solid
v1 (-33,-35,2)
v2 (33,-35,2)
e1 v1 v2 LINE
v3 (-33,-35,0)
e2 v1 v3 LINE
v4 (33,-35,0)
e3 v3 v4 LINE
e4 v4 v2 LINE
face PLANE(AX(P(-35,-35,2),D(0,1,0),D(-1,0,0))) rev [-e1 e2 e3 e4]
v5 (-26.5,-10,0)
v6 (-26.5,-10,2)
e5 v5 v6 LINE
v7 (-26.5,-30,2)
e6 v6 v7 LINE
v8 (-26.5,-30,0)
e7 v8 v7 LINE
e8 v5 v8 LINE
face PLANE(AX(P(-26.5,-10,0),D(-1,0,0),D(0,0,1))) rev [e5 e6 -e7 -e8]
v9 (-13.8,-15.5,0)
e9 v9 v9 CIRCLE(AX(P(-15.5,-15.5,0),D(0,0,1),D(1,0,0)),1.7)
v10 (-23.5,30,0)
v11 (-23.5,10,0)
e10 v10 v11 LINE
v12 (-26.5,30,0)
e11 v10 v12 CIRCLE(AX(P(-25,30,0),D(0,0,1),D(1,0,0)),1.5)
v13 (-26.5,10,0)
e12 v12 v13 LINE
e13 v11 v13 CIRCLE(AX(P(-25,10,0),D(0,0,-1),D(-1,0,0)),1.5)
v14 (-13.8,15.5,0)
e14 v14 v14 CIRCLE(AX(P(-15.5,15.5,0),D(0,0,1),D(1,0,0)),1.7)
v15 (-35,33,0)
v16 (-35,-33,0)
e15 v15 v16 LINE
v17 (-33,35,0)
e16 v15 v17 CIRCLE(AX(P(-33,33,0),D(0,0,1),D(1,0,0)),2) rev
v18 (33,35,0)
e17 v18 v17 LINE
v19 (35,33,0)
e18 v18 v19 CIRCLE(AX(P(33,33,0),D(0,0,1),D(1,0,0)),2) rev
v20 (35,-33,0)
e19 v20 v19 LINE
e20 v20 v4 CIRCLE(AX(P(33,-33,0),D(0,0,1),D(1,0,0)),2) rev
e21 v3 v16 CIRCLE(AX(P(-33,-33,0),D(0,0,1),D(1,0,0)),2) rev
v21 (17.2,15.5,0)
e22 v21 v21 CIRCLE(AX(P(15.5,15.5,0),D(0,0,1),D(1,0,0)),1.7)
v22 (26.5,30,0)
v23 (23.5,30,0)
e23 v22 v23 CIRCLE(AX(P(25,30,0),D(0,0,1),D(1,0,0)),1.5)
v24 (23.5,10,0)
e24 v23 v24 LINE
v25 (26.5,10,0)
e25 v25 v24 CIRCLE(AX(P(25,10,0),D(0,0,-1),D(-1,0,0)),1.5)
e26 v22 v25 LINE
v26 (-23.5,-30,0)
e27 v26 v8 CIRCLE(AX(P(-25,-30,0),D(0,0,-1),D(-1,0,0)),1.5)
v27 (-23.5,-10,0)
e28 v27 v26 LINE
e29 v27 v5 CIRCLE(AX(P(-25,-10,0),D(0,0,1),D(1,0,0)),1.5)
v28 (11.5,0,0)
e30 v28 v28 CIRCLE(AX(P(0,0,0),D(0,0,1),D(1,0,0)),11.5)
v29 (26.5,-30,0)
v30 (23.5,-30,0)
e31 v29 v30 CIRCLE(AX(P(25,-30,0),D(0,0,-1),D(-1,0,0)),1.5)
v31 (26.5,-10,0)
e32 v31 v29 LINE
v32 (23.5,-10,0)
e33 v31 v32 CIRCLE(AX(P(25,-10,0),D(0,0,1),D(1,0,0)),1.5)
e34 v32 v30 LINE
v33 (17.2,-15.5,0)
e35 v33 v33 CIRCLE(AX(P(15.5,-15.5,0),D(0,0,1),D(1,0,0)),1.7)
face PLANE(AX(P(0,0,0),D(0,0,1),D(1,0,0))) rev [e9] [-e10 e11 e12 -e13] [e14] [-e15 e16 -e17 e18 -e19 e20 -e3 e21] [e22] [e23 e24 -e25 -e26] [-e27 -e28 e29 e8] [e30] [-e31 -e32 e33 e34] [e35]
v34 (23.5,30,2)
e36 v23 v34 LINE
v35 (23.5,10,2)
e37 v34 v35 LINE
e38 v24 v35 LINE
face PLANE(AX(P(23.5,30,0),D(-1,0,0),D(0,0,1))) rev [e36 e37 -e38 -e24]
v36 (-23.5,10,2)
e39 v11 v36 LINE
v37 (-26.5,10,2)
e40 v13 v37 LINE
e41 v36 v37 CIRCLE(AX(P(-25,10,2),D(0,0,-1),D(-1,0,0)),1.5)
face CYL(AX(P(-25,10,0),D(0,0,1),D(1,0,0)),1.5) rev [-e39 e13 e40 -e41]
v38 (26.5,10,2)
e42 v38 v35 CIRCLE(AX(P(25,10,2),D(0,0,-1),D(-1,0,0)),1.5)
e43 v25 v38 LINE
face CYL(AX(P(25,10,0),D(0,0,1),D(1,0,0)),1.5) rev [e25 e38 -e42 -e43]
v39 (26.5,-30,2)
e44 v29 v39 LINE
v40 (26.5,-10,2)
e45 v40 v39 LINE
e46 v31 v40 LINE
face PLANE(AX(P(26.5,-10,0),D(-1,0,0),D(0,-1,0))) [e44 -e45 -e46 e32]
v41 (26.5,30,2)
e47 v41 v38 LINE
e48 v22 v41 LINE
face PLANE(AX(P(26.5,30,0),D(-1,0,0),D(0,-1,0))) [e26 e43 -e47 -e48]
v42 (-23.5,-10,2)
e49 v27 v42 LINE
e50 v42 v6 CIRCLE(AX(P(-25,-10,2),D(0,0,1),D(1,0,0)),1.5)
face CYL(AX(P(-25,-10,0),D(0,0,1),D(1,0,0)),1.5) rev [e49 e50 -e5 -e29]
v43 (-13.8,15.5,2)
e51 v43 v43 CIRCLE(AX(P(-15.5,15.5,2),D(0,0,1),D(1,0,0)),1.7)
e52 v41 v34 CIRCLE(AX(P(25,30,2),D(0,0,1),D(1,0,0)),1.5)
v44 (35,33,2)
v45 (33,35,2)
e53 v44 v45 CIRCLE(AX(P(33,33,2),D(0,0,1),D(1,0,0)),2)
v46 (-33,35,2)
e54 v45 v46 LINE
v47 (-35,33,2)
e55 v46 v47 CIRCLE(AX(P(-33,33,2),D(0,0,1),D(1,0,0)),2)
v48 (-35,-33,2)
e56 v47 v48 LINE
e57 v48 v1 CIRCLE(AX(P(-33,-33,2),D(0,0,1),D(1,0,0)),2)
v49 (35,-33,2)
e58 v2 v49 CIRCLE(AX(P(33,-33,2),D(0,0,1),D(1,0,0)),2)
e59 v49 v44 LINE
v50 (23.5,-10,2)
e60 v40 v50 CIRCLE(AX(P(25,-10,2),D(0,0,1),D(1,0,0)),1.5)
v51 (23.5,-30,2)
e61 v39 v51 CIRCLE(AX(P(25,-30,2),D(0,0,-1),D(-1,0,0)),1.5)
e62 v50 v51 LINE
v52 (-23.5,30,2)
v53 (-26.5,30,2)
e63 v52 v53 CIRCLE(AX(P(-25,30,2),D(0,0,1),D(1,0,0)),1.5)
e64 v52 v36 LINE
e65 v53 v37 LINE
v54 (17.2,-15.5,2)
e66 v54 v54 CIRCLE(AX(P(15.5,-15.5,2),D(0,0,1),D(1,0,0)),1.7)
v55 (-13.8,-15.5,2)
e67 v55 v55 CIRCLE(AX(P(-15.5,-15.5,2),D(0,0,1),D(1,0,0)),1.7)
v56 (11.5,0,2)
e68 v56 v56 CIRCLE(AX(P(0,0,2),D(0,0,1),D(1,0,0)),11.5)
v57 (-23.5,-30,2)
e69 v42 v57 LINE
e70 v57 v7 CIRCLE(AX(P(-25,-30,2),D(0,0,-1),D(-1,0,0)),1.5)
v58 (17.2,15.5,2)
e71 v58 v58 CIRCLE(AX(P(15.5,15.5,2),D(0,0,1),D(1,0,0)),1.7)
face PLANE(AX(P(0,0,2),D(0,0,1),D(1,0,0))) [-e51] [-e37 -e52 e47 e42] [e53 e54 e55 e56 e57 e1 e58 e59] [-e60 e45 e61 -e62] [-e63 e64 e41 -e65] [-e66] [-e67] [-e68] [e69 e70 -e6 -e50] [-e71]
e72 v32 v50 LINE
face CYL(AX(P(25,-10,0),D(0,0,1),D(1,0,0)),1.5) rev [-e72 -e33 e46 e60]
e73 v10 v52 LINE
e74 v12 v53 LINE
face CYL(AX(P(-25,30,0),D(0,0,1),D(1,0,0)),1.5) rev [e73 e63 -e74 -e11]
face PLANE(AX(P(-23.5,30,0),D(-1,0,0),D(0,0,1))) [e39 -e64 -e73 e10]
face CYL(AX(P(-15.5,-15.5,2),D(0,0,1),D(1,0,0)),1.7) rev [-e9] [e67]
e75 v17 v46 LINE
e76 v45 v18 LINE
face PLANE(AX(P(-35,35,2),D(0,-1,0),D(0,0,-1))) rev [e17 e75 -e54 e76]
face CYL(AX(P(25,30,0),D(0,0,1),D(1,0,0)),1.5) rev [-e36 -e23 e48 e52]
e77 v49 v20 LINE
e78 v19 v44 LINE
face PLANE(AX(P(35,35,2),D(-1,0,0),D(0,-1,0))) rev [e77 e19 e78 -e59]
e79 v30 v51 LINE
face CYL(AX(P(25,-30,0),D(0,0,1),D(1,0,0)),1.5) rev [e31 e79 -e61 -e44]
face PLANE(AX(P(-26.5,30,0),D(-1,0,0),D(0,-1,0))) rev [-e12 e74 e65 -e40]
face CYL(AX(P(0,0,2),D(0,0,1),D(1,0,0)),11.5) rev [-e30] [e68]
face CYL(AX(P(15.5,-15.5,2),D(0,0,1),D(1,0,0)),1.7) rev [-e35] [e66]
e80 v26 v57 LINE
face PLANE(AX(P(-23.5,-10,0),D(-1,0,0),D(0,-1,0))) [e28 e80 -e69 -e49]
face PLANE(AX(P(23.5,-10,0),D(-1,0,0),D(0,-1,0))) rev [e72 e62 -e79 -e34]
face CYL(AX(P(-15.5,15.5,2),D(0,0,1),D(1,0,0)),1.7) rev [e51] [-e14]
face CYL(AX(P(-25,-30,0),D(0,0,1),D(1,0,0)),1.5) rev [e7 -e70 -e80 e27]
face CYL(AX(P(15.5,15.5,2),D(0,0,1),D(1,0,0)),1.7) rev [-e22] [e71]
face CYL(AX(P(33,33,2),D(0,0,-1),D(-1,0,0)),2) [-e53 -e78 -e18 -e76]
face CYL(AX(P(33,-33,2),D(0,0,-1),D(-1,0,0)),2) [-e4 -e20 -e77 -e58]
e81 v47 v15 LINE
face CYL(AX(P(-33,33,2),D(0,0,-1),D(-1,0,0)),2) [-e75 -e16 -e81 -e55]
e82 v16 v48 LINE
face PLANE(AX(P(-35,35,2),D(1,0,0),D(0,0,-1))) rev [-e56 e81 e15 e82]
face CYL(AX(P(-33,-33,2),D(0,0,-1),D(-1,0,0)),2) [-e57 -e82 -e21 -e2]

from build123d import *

# Parameters (mm, degrees)
SKIZZE1_W                        = 70
SKIZZE1_H                        = 70
AUFSATZ_LINEAR_AUSTRAGEN1_DEPTH  = 2
VERRUNDUNG2_R                    = 2
F_23_0_23_DURCHMESSER_BOHRUNG1_D = 23
DURCHGANGSLOCH_F_R_M31_D         = 3.4
SCHNITT_LINEAR_AUSTRAGEN1_DEPTH  = 50.537864306


with BuildPart() as part:
    # Skizze1 → Aufsatz-Linear austragen1 (new body)
    with BuildSketch(Plane.XY):
        Rectangle(SKIZZE1_W, SKIZZE1_H)
    extrude(amount=AUFSATZ_LINEAR_AUSTRAGEN1_DEPTH)

    # Verrundung2
    verrundung2_edges = [part.edges().sort_by_distance(p)[0] for p in [
        (-35, 35, 1),
        (35, 35, 1),
        (35, -35, 1),
        (-35, -35, 1),
    ]]
    fillet(verrundung2_edges, radius=VERRUNDUNG2_R)

    # Ø23.0 (23) Durchmesser Bohrung1 (through all)
    with Locations(Plane.XY.offset(2)):
        with Locations((0, 0)):
            Hole(F_23_0_23_DURCHMESSER_BOHRUNG1_D / 2)

    # Durchgangsloch für M31 (through all)
    with Locations(Plane.XY.offset(2)):
        with Locations((-15.5, 15.5), (15.5, 15.5), (15.5, -15.5), (-15.5, -15.5)):
            Hole(DURCHGANGSLOCH_F_R_M31_D / 2)

    # Skizze8 → Schnitt-Linear austragen1 (cut, through all)
    with BuildSketch(Plane.XY.offset(2)):
        with BuildLine():
            Line((-26.5, 30), (-26.5, 10))
            ThreePointArc((-26.5, 10), (-25, 8.5), (-23.5, 10))
            Line((-23.5, 10), (-23.5, 30))
            ThreePointArc((-23.5, 30), (-25, 31.5), (-26.5, 30))
        make_face()
        with BuildLine():
            Line((-26.5, -10), (-26.5, -30))
            ThreePointArc((-26.5, -30), (-25, -31.5), (-23.5, -30))
            Line((-23.5, -30), (-23.5, -10))
            ThreePointArc((-23.5, -10), (-25, -8.5), (-26.5, -10))
        make_face()
        with BuildLine():
            Line((23.5, -10), (23.5, -30))
            ThreePointArc((23.5, -30), (25, -31.5), (26.5, -30))
            Line((26.5, -30), (26.5, -10))
            ThreePointArc((26.5, -10), (25, -8.5), (23.5, -10))
        make_face()
        with BuildLine():
            Line((23.5, 30), (23.5, 10))
            ThreePointArc((23.5, 10), (25, 8.5), (26.5, 10))
            Line((26.5, 10), (26.5, 30))
            ThreePointArc((26.5, 30), (25, 31.5), (23.5, 30))
        make_face()
    extrude(amount=-SCHNITT_LINEAR_AUSTRAGEN1_DEPTH, mode=Mode.SUBTRACT)


solid = part.part
